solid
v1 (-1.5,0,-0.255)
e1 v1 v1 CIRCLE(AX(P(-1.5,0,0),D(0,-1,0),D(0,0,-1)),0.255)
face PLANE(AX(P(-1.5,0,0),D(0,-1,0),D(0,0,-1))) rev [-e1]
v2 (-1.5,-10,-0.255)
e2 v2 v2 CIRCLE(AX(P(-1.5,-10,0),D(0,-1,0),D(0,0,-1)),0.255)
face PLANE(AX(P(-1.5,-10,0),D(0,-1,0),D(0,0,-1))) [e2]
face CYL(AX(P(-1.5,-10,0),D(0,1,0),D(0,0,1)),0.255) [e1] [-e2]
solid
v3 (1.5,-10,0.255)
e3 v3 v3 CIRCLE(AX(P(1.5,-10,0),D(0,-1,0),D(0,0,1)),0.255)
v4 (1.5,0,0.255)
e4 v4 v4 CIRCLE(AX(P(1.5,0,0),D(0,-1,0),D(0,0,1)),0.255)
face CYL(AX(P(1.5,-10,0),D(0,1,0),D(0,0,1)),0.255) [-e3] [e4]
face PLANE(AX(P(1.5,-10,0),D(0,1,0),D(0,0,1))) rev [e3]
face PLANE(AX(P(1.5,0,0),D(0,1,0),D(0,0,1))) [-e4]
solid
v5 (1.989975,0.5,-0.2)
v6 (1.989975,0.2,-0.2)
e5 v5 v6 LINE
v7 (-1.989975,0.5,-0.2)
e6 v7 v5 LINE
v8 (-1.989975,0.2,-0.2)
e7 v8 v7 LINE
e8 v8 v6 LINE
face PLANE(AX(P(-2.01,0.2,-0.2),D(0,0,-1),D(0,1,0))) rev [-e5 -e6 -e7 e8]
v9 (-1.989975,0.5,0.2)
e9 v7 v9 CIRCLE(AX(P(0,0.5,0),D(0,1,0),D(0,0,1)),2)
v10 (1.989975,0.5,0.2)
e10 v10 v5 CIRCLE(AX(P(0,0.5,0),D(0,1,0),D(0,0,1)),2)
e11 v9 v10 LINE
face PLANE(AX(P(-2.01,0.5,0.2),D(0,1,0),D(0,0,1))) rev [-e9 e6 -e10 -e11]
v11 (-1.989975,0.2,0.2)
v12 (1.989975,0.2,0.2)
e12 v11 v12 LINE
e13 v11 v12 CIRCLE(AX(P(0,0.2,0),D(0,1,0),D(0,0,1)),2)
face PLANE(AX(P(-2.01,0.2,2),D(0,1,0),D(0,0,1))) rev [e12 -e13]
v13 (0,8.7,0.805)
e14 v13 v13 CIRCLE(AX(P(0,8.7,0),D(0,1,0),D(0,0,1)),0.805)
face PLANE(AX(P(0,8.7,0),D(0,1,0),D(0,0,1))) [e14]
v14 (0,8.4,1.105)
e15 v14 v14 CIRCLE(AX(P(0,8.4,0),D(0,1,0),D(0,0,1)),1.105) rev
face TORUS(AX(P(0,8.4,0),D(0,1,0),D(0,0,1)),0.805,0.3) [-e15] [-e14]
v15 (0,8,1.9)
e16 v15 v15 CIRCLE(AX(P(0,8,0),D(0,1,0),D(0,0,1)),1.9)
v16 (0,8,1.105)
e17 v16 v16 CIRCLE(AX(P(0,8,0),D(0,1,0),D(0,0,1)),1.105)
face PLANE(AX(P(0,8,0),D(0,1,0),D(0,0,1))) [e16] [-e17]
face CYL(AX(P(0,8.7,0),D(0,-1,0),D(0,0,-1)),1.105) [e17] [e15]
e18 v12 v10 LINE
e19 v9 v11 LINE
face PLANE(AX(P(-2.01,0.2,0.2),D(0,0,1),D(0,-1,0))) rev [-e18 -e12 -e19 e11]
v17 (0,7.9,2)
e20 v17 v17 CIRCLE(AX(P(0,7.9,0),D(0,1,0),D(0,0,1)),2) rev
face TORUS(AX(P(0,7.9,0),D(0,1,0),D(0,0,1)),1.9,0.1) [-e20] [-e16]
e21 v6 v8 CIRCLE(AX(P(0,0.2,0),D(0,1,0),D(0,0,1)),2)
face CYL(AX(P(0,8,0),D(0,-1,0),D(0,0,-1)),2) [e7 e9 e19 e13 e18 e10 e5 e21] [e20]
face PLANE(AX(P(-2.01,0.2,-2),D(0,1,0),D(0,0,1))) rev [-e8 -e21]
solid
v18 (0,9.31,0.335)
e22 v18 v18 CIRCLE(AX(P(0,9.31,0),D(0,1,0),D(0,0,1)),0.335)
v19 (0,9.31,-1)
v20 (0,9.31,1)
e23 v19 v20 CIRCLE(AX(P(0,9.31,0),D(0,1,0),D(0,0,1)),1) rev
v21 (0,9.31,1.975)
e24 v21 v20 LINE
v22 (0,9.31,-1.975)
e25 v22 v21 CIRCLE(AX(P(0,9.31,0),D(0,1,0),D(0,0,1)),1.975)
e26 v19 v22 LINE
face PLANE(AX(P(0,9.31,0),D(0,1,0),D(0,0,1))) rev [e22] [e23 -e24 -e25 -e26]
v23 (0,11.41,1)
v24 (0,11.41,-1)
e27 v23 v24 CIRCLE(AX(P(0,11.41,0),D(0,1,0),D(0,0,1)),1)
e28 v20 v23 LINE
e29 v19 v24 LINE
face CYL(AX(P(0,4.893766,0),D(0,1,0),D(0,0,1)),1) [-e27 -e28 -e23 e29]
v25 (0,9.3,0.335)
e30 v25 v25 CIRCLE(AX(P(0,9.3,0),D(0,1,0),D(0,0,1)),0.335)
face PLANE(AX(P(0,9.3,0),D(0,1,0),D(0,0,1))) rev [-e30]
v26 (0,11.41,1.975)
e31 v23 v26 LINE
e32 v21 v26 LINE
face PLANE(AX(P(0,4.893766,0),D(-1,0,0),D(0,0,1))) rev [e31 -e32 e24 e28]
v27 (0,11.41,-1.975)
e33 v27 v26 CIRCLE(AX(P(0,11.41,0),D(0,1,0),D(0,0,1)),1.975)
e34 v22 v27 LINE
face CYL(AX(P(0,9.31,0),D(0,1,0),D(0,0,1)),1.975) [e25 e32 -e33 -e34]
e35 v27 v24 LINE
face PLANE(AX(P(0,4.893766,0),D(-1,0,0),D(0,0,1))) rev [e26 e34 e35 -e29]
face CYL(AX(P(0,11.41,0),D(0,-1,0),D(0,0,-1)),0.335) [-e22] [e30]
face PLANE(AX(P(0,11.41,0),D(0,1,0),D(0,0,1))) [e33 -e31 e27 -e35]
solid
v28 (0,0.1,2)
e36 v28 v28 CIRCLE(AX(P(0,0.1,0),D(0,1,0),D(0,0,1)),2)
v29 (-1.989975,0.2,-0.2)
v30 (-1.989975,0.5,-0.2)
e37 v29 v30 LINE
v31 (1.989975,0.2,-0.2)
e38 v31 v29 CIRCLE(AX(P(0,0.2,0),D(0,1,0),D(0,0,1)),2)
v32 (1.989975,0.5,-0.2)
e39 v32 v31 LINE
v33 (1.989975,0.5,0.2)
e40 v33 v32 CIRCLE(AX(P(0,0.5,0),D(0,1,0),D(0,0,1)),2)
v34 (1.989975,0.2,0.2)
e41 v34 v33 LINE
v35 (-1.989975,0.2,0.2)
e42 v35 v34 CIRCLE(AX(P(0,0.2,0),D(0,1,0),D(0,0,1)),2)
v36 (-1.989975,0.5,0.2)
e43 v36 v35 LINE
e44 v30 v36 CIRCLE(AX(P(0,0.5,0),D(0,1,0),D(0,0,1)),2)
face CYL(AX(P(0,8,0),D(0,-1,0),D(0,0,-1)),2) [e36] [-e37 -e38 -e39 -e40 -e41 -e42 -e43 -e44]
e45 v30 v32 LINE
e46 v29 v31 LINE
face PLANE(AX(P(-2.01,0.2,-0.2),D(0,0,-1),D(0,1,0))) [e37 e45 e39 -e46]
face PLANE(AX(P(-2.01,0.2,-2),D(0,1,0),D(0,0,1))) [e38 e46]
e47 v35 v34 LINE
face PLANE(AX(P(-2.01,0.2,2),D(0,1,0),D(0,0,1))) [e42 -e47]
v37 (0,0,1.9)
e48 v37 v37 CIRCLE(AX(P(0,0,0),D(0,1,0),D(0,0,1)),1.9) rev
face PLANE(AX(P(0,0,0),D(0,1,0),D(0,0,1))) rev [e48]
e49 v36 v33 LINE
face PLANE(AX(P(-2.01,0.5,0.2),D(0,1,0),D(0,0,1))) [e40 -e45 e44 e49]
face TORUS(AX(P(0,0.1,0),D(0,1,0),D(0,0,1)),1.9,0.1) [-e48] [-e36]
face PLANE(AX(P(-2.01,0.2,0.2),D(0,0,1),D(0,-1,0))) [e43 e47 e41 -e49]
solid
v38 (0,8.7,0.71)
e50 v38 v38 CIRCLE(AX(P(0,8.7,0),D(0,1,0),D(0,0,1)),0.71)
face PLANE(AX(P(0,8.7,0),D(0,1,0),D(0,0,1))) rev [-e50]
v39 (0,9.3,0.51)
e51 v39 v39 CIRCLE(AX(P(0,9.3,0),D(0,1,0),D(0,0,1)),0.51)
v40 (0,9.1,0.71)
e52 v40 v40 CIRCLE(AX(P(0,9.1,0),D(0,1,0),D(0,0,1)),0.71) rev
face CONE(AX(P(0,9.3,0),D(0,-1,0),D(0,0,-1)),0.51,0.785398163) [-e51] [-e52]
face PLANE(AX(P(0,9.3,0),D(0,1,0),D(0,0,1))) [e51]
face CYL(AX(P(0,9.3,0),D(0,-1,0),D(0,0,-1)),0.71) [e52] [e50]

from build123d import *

# Parameters (mm, degrees)
SKETCH1_R              = 2
BOSS_EXTRUDE1_DEPTH    = 8
SKETCH2_R              = 1.105
BOSS_EXTRUDE2_DEPTH    = 0.7
SKETCH3_R              = 0.71
BOSS_EXTRUDE3_DEPTH    = 0.6
SKETCH4_R              = 0.335
BOSS_EXTRUDE4_DEPTH    = 2.11
SPLIT1_SURFACE_1_BACK  = 13.735
SPLIT1_SURFACE_1_DEPTH = 27.47
SPLIT1_SURFACE_2_BACK  = 13.735
SPLIT1_SURFACE_2_DEPTH = 27.47
FILLET1_R              = 0.1
FILLET2_R              = 0.1
FILLET3_R              = 0.3
CHAMFER1_SIZE          = 0.2
FILLET4_R              = 0.1
SKETCH6_R              = 0.255
BOSS_EXTRUDE5_DEPTH    = 10
BOSS_EXTRUDE5_2_DEPTH  = 10
SKETCH7_R              = 1.975
BOSS_EXTRUDE6_DEPTH    = 2.1
CUT_EXTRUDE1_DEPTH     = 2.1


with BuildPart() as part:
    # Sketch1 → Boss-Extrude1 (new body)
    with BuildSketch(Plane(origin=(0, 0, 0), x_dir=(1, 0, 0), z_dir=(0, 1, 0))):
        with Locations(Location((0, 0, 0), (0, 0, 270))):
            Circle(SKETCH1_R)
    extrude(amount=BOSS_EXTRUDE1_DEPTH)

    # Sketch2 → Boss-Extrude2 (add)
    with BuildSketch(Plane(origin=(0, 8, 0), x_dir=(1, 0, 0), z_dir=(0, 1, 0))):
        with Locations(Location((0, 0, 0), (0, 0, 270))):
            Circle(SKETCH2_R)
    extrude(amount=BOSS_EXTRUDE2_DEPTH)


with BuildPart() as body_2:
    # Sketch3 → Boss-Extrude3 (new body)
    with BuildSketch(Plane(origin=(0, 8.7, 0), x_dir=(1, 0, 0), z_dir=(0, 1, 0))):
        with Locations(Location((0, 0, 0), (0, 0, 270))):
            Circle(SKETCH3_R)
    extrude(amount=BOSS_EXTRUDE3_DEPTH)

    # Chamfer1
    chamfer1_edges = [body_2.edges().sort_by_distance(p)[0] for p in [
        (0, 9.3, -0.71),
    ]]
    chamfer(chamfer1_edges, length=CHAMFER1_SIZE)


with BuildPart() as body_3:
    # Sketch4 → Boss-Extrude4 (new body)
    with BuildSketch(Plane(origin=(0, 9.3, 0), x_dir=(1, 0, 0), z_dir=(0, 1, 0))):
        with Locations(Location((0, 0, 0), (0, 0, 270))):
            Circle(SKETCH4_R)
    extrude(amount=BOSS_EXTRUDE4_DEPTH)

    # Fillet4
    fillet4_edges = [body_3.edges().sort_by_distance(p)[0] for p in [
        (0, 11.41, -0.335),
    ]]
    fillet(fillet4_edges, radius=FILLET4_R)

    # Sketch7 → Boss-Extrude6 (add)
    with BuildSketch(Plane(origin=(0, 11.41, 0), x_dir=(1, 0, 0), z_dir=(0, 1, 0))):
        with Locations(Location((0, 0, 0), (0, 0, 270))):
            Circle(SKETCH7_R)
    extrude(amount=-BOSS_EXTRUDE6_DEPTH)

    # Sketch8 → Cut-Extrude1 (cut)
    with BuildSketch(Plane(origin=(0, 11.41, 0), x_dir=(1, 0, 0), z_dir=(0, 1, 0))):
        with BuildLine():
            ThreePointArc((1.975, 0), (1.396535893, 1.396535893), (0, 1.975))
            Line((0, 1.975), (0, 1))
            ThreePointArc((0, 1), (0.707106781, 0.707106781), (1, 0))
            ThreePointArc((1, 0), (0.707106781, -0.707106781), (0, -1))
            Line((0, -1), (0, -1.975))
            ThreePointArc((0, -1.975), (1.396535893, -1.396535893), (1.975, 0))
        make_face()
    extrude(amount=-CUT_EXTRUDE1_DEPTH, mode=Mode.SUBTRACT)


with BuildPart() as body_4:
    # Split1: the piece behind the surface
    add(part.part)
    # Split1 surface: a surface, the sketch's curves swept straight by 27.47 mm
    with BuildLine(Plane(origin=(0, 0, 0), x_dir=(0, 0, -1), z_dir=(1, 0, 0)).offset(-SPLIT1_SURFACE_1_BACK), mode=Mode.PRIVATE) as split1_surface_1_path:
        Line((-2, 0.2), (-0.2, 0.2))
        Line((-0.2, 0.2), (-0.2, 0.5))
        Line((-0.2, 0.5), (0.2, 0.5))
        Line((0.2, 0.5), (0.2, 0.2))
        Line((0.2, 0.2), (2, 0.2))
    split1_surface_1 = Shell.extrude(split1_surface_1_path.wire(), (1 * SPLIT1_SURFACE_1_DEPTH, 0 * SPLIT1_SURFACE_1_DEPTH, 0 * SPLIT1_SURFACE_1_DEPTH))
    split(bisect_by=split1_surface_1, keep=Keep.BOTTOM)

    # Fillet1
    fillet1_edges = [body_4.edges().sort_by_distance(p)[0] for p in [
        (0, 0, -2),
    ]]
    fillet(fillet1_edges, radius=FILLET1_R)


with BuildPart() as part_1:
    add(part.part)

    # Split1: split by a surface, the side it looks to stays
    # Split1 surface: a surface, the sketch's curves swept straight by 27.47 mm
    with BuildLine(Plane(origin=(0, 0, 0), x_dir=(0, 0, -1), z_dir=(1, 0, 0)).offset(-SPLIT1_SURFACE_2_BACK), mode=Mode.PRIVATE) as split1_surface_2_path:
        Line((-2, 0.2), (-0.2, 0.2))
        Line((-0.2, 0.2), (-0.2, 0.5))
        Line((-0.2, 0.5), (0.2, 0.5))
        Line((0.2, 0.5), (0.2, 0.2))
        Line((0.2, 0.2), (2, 0.2))
    split1_surface_2 = Shell.extrude(split1_surface_2_path.wire(), (1 * SPLIT1_SURFACE_2_DEPTH, 0 * SPLIT1_SURFACE_2_DEPTH, 0 * SPLIT1_SURFACE_2_DEPTH))
    split(bisect_by=split1_surface_2, keep=Keep.TOP)

    # Fillet2
    fillet2_edges = [part_1.edges().sort_by_distance(p)[0] for p in [
        (0, 8, -2),
    ]]
    fillet(fillet2_edges, radius=FILLET2_R)

    # Fillet3
    fillet3_edges = [part_1.edges().sort_by_distance(p)[0] for p in [
        (0, 8.7, -1.105),
    ]]
    fillet(fillet3_edges, radius=FILLET3_R)


with BuildPart() as body_5:
    # Sketch6 → Boss-Extrude5 (new body)
    with BuildSketch(Plane.XZ):
        with Locations(Location((-1.5, 0, 0), (0, 0, 270))):
            Circle(SKETCH6_R)
    extrude(amount=BOSS_EXTRUDE5_DEPTH)


with BuildPart() as body_6:
    # Sketch6 → Boss-Extrude5 2 (new body)
    with BuildSketch(Plane.XZ):
        with Locations(Location((1.5, 0, 0), (0, 0, 90))):
            Circle(SKETCH6_R)
    extrude(amount=BOSS_EXTRUDE5_2_DEPTH)


solid = Compound([body_2.part, body_3.part, body_4.part, part_1.part, body_5.part, body_6.part])
